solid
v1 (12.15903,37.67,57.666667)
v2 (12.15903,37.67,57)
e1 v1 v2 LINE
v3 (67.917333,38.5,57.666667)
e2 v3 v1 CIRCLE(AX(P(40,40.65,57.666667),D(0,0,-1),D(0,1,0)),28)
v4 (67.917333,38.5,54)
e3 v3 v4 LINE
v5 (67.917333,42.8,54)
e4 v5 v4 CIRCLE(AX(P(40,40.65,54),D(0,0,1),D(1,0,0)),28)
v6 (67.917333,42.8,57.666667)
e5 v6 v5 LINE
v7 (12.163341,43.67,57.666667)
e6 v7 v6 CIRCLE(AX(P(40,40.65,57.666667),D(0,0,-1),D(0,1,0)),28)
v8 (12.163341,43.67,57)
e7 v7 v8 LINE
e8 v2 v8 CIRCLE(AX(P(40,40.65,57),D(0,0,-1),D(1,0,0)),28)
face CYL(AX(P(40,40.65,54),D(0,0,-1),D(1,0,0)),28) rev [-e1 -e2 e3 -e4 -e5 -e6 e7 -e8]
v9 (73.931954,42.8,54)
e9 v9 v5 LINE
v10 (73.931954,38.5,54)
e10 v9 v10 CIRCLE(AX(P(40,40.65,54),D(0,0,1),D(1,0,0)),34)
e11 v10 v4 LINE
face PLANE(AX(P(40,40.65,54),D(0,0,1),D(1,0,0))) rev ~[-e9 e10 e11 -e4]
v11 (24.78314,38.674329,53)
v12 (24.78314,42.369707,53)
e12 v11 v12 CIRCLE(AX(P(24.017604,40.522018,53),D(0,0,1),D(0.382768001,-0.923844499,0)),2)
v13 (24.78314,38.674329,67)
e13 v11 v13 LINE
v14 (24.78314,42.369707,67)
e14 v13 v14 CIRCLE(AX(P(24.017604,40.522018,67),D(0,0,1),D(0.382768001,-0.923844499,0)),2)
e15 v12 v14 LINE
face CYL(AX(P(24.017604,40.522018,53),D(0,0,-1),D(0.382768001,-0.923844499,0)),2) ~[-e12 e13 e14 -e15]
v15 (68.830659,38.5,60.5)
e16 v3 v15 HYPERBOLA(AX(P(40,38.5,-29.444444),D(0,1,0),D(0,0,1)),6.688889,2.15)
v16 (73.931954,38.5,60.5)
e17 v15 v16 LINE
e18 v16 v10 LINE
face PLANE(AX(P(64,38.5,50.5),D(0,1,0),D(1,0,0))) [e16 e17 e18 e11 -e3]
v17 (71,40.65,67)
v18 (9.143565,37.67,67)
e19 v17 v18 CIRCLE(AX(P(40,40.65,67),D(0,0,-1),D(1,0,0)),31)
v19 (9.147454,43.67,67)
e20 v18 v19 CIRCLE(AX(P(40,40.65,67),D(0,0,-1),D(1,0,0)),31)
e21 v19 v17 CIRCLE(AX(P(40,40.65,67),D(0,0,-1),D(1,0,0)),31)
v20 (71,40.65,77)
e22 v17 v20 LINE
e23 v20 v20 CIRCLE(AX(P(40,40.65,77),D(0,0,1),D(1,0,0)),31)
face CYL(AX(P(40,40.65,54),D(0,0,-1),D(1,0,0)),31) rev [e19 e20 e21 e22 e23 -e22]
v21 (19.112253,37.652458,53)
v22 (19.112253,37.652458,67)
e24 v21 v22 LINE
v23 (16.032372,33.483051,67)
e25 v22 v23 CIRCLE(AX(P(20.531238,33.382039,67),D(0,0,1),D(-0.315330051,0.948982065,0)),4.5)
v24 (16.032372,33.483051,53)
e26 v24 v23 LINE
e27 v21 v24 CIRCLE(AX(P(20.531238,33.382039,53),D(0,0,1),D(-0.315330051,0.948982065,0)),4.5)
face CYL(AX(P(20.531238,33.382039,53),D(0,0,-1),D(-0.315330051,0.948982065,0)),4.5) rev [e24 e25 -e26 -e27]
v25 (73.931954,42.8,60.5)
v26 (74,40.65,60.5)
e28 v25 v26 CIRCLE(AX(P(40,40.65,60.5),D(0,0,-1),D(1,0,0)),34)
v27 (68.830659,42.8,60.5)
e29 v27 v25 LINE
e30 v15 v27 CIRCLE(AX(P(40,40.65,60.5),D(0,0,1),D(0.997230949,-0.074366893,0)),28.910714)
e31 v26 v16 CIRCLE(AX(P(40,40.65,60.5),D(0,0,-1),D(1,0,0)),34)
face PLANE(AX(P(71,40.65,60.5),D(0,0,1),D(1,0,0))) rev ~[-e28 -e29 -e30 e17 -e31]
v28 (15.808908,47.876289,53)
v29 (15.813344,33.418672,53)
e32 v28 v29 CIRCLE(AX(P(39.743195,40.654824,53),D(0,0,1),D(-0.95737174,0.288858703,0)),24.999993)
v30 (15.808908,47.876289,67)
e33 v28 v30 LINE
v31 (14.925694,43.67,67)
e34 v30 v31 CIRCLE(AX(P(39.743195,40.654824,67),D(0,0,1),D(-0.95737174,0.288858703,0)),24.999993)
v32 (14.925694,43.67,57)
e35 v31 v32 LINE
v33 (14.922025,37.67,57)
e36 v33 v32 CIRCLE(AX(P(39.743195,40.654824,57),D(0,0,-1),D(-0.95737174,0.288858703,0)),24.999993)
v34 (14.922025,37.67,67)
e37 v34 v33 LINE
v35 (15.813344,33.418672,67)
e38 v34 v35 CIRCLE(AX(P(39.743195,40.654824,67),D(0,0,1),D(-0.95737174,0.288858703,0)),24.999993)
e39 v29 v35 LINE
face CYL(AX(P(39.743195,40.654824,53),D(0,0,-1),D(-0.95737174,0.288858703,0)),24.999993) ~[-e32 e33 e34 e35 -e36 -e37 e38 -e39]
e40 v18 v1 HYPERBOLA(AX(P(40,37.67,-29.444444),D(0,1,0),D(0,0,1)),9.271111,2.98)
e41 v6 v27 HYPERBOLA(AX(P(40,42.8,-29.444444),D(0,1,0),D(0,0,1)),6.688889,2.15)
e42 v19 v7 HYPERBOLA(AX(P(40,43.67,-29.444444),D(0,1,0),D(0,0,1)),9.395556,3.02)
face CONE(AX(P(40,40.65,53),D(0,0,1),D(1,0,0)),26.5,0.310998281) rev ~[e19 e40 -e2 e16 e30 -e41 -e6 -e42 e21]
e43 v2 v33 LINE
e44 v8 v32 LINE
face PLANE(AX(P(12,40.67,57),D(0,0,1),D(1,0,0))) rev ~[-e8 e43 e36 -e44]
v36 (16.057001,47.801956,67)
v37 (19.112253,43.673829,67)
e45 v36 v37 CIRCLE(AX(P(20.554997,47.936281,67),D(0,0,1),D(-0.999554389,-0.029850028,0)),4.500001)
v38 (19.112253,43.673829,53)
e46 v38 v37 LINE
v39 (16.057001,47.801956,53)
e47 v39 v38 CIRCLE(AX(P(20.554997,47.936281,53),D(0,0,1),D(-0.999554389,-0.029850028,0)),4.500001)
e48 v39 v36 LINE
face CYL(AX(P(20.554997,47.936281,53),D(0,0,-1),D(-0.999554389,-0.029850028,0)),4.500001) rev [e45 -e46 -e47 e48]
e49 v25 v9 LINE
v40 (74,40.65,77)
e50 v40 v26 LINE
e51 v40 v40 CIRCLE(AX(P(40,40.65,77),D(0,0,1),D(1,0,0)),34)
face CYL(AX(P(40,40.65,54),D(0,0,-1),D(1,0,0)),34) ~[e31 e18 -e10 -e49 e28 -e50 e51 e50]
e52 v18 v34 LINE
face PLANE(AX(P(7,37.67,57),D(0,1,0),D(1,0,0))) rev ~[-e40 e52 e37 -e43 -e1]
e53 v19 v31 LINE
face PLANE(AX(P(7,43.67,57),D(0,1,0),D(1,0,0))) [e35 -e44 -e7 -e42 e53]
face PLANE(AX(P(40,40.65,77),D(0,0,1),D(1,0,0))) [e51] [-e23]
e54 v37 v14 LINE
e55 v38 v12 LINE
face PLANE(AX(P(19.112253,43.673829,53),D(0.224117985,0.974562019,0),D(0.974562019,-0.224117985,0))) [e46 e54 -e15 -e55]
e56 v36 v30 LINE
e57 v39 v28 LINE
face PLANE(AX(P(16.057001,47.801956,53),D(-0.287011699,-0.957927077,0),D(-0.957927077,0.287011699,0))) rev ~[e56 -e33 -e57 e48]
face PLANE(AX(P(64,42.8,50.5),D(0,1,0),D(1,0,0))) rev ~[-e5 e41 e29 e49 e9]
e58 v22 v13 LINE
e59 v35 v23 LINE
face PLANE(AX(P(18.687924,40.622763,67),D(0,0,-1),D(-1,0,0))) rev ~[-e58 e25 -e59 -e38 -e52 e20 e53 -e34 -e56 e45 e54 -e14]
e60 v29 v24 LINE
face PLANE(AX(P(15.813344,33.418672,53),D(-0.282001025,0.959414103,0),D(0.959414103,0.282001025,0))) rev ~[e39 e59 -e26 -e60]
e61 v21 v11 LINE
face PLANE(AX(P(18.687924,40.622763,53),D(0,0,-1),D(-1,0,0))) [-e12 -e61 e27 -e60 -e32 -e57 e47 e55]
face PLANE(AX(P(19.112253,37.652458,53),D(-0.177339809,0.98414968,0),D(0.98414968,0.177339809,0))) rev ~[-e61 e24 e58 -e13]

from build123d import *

# Parameters (mm, degrees)
BOX013_W          = 14
BOX013_H          = 4.3
BOX013_DEPTH      = 10
CYLINDER021_R     = 28
CYLINDER021_DEPTH = 4
CYLINDER019_R     = 34
CYLINDER019_DEPTH = 13
CYLINDER020_R     = 25
CYLINDER020_DEPTH = 13
TUBE_R            = 34
TUBE_R_2          = 31
TUBE_DEPTH        = 23
EXTRUDE001_DEPTH  = 14
BOX012_W          = 10
BOX012_H          = 6
BOX012_DEPTH      = 10


with BuildPart() as cube013:
    # Box013 → Box013 (new body)
    with BuildSketch(Plane(origin=(64, 38.5, 50.5), x_dir=(1, 0, 0), z_dir=(0, 0, 1))):
        with Locations((7, 2.15)):
            Rectangle(BOX013_W, BOX013_H)
    extrude(amount=BOX013_DEPTH)


with BuildPart() as cylinder021:
    # Cylinder021 → Cylinder021 (new body)
    with BuildSketch(Plane(origin=(40, 40.65, 54), x_dir=(1, 0, 0), z_dir=(0, 0, 1))):
        Circle(CYLINDER021_R)
    extrude(amount=CYLINDER021_DEPTH)


with BuildPart() as cone:
    # Cone → Cone (revolve)
    with BuildSketch(Plane(origin=(40, 40.65, 53), x_dir=(1, 0, 0), z_dir=(0, -1, 0))):
        Polygon((0, 0), (26.5, 0), (31, 14), (0, 14), align=None)
    revolve(axis=Axis((40, 40.65, 53), (0, 0, 1)))


with BuildPart() as cylinder019:
    # Cylinder019 → Cylinder019 (new body)
    with BuildSketch(Plane(origin=(40, 40.65, 54), x_dir=(1, 0, 0), z_dir=(0, 0, 1))):
        Circle(CYLINDER019_R)
    extrude(amount=CYLINDER019_DEPTH)


with BuildPart() as cylinder020:
    # Cylinder020 → Cylinder020 (new body)
    with BuildSketch(Plane(origin=(40, 39.2, 54), x_dir=(1, 0, 0), z_dir=(0, 0, 1))):
        Circle(CYLINDER020_R)
    extrude(amount=CYLINDER020_DEPTH)


with BuildPart() as cut016:
    # Tube → Tube (new body)
    with BuildSketch(Plane(origin=(40, 40.65, 54), x_dir=(1, 0, 0), z_dir=(0, 0, 1))):
        Circle(TUBE_R)
        Circle(TUBE_R_2, mode=Mode.SUBTRACT)
    extrude(amount=TUBE_DEPTH)

    # Fusion010: union Cylinder019, Cylinder020
    add(cylinder019.part)
    add(cylinder020.part)

    # Cut015: cut Cone
    add(cone.part, mode=Mode.SUBTRACT)

    # Cut016: cut Cylinder021
    add(cylinder021.part, mode=Mode.SUBTRACT)


with BuildPart() as extrude001:
    # Sketch001 → Extrude001 (new body)
    with BuildSketch(Plane(origin=(0, 5, 65), x_dir=(1, 0, 0), z_dir=(0, 0, 1))):
        with BuildLine():
            ThreePointArc((16.057001, 41.301956), (16.937891, 38.759239), (19.112253, 37.173829))
            Line((19.112253, 37.173829), (24.78314, 35.869707))
            ThreePointArc((24.78314, 32.174329), (26.017604, 34.022018), (24.78314, 35.869707))
            Line((19.112253, 31.152458), (24.78314, 32.174329))
            ThreePointArc((19.112253, 31.152458), (16.911676, 29.555757), (16.032372, 26.983051))
            Line((15.813344, 26.918672), (16.032372, 26.983051))
            ThreePointArc((15.808908, 41.376289), (14.743203, 34.147153), (15.813344, 26.918672))
            Line((16.057001, 41.301956), (15.808908, 41.376289))
        make_face()
    extrude(amount=EXTRUDE001_DEPTH)


with BuildPart() as extrude001_1:
    # Extrude001 placement: moved
    add(extrude001.part.moved(Location((0, 0, 7))))


with BuildPart() as lid:
    # Box012 → Box012 (new body)
    with BuildSketch(Plane(origin=(7, 36.17, 76), x_dir=(1, 0, 0), z_dir=(0, 0, 1))):
        with Locations((5, 3)):
            Rectangle(BOX012_W, BOX012_H)
    extrude(amount=BOX012_DEPTH)

    # Fusion006: union Extrude001
    add(extrude001_1.part)


with BuildPart() as lid_1:
    # Fusion006 placement: moved
    add(lid.part.moved(Location((0, 1.5, -19))))

    # Fusion024: union Cut016
    add(cut016.part)

    # Cut017: cut Cube013
    add(cube013.part, mode=Mode.SUBTRACT)


solid = lid_1.part
